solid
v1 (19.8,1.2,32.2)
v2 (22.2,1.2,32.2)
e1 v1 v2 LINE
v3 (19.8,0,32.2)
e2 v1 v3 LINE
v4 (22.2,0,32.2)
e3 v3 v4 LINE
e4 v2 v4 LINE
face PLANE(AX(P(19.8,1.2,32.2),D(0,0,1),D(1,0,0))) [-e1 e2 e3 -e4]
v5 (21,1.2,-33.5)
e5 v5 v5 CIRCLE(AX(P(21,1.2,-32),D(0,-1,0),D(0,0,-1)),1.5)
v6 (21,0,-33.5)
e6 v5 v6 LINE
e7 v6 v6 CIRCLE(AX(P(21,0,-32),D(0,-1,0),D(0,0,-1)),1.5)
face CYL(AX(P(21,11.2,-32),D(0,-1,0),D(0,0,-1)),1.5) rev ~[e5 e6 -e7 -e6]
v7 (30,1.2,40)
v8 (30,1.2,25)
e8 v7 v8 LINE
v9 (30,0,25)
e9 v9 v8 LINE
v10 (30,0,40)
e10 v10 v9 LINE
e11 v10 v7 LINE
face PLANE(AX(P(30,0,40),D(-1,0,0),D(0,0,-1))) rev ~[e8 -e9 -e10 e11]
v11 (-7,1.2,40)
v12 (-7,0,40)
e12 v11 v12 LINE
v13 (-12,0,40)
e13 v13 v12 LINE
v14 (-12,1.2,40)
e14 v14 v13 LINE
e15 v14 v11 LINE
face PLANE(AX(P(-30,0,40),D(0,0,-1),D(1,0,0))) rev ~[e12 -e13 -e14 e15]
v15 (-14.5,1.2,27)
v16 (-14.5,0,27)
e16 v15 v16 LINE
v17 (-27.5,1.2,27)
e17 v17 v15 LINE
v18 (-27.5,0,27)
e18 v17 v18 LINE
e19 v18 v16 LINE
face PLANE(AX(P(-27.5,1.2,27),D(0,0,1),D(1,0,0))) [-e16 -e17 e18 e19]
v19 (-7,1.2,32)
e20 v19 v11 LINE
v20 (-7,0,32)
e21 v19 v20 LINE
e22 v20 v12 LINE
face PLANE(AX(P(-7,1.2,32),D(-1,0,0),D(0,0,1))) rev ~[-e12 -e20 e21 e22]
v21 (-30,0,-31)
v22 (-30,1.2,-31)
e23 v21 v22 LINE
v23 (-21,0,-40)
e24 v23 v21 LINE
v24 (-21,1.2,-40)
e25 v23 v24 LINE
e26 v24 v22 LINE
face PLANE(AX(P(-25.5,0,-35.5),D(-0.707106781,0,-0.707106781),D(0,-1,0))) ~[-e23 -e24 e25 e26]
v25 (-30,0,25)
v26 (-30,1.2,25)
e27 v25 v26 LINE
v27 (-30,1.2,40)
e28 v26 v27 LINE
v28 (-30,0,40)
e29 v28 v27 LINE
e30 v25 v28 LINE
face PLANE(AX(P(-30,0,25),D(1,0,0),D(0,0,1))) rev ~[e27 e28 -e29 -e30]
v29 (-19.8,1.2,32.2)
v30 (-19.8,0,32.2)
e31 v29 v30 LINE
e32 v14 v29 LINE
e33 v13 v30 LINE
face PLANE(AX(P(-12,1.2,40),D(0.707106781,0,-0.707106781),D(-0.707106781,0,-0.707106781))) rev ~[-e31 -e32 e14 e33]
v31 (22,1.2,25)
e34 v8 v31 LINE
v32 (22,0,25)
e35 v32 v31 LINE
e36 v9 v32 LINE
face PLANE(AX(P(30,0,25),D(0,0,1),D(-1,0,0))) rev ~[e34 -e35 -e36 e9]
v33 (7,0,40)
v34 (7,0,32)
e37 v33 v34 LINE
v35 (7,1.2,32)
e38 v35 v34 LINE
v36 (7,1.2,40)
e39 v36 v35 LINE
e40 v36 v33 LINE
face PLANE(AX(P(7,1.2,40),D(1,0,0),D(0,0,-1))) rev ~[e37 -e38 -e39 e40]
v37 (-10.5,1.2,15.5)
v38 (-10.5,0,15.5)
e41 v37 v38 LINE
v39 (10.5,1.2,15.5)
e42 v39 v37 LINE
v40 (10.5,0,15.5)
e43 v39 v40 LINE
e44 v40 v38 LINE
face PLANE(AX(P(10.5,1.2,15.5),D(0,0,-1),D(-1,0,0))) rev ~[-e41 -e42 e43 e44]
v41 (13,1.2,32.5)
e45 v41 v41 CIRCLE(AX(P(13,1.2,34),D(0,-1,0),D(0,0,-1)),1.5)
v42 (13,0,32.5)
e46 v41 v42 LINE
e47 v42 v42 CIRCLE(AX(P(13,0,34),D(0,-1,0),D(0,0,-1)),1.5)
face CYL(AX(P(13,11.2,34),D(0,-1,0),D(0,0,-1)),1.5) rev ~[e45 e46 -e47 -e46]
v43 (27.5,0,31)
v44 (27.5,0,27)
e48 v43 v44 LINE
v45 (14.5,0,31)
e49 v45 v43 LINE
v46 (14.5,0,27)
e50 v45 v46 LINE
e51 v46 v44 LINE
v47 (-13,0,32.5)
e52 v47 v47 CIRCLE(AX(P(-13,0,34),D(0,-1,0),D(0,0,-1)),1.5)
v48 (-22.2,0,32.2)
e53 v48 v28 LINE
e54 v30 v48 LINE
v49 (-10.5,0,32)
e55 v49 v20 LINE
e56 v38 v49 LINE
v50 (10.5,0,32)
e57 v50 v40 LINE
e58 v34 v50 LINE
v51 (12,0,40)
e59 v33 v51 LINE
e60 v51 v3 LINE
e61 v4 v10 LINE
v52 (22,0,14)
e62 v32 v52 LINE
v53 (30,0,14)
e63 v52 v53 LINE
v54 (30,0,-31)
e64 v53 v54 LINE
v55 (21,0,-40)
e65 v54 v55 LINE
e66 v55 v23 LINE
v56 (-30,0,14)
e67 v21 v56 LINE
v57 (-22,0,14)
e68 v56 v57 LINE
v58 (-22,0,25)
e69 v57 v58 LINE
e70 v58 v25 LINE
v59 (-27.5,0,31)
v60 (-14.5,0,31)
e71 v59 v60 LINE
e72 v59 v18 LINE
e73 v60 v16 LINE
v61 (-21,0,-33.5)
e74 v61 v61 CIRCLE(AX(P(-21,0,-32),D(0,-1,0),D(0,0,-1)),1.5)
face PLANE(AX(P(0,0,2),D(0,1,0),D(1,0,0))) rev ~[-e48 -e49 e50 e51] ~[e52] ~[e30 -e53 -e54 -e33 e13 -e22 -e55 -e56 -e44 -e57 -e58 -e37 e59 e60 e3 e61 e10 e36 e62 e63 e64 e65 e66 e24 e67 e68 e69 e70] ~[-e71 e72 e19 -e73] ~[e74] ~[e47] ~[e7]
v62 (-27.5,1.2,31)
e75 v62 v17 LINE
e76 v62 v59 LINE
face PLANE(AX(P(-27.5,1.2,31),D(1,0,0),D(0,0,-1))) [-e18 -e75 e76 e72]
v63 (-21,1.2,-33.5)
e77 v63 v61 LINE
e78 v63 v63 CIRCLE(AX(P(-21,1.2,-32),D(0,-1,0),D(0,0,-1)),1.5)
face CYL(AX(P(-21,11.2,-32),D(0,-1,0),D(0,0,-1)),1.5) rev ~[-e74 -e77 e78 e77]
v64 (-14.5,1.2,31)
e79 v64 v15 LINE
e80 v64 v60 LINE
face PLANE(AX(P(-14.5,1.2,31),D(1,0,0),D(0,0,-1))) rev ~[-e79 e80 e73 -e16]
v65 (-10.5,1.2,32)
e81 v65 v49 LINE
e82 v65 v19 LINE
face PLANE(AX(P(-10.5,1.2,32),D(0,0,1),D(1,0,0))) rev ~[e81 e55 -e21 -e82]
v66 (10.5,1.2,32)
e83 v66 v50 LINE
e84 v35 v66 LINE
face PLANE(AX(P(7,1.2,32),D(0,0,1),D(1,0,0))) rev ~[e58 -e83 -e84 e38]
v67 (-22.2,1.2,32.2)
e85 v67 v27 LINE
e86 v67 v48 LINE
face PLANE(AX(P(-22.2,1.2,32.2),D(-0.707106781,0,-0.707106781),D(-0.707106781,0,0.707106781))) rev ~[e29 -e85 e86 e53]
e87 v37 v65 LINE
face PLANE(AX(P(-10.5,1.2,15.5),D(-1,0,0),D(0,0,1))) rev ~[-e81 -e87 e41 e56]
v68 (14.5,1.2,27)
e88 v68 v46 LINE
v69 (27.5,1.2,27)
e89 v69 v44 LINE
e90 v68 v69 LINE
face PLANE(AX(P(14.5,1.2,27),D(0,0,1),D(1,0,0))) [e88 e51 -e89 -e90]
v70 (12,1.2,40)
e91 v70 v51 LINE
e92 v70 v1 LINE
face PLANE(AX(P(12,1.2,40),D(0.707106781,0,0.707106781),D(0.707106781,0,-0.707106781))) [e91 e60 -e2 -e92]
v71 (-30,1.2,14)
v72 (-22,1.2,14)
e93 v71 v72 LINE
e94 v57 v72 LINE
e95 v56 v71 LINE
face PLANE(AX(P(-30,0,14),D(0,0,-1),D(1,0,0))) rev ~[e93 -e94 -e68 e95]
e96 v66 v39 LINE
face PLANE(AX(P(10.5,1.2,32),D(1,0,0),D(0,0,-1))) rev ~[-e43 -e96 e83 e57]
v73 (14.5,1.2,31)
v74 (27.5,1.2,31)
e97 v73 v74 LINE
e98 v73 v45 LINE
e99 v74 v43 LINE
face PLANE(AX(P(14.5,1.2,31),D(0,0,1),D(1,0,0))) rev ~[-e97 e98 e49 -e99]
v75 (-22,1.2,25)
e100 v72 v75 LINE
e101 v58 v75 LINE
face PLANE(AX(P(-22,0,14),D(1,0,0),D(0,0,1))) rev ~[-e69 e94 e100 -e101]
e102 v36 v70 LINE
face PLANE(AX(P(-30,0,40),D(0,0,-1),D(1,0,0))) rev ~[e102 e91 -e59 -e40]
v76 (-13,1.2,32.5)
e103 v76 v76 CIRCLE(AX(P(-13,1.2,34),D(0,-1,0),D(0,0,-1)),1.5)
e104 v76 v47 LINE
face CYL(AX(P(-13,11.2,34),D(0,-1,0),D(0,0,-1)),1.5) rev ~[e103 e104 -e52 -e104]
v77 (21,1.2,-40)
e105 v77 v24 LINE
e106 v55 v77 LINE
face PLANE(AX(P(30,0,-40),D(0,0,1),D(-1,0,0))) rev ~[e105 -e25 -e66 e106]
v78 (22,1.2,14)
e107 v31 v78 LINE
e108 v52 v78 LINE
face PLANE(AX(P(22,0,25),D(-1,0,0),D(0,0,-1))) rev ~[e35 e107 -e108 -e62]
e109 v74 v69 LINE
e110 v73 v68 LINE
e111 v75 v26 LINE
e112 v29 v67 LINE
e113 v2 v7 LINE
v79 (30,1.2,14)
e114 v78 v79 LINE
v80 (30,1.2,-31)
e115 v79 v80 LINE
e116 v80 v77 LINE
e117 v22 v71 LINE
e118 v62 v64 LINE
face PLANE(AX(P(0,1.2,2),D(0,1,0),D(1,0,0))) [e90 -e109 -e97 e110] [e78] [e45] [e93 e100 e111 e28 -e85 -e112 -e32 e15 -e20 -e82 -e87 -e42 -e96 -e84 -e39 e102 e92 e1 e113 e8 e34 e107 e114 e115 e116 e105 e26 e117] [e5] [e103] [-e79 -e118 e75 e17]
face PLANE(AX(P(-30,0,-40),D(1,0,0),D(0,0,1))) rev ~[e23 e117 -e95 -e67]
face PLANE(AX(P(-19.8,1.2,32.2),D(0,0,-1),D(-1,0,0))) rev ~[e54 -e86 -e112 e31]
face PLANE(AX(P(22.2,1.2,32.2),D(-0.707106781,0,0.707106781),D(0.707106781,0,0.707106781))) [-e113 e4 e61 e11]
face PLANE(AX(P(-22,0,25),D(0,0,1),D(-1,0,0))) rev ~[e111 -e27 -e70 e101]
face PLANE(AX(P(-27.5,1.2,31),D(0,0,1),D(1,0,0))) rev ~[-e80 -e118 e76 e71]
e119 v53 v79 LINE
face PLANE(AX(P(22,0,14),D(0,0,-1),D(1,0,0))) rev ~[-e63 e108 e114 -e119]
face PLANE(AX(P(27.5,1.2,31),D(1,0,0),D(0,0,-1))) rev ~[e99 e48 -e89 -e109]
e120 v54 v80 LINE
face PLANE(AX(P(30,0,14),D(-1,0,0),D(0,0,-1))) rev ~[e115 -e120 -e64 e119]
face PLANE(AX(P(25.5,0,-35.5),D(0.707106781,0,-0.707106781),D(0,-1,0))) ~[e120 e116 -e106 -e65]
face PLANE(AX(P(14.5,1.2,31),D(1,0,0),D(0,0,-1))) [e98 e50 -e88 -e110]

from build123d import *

# Parameters (mm, degrees)
EXTRUDE1_DEPTH               = 1.2
CHAMFER1_SIZE                = 9
F_3_0_3_DIAMETER_HOLE1_D     = 3
F_3_0_3_DIAMETER_HOLE1_DEPTH = 10
F_3_0_3_DIAMETER_HOLE1_TIP   = 0.901290929
CUT_EXTRUDE1_DEPTH           = 10
SKETCH5_W                    = 13
SKETCH5_H                    = 4
CUT_EXTRUDE2_DEPTH           = 10
CUT_EXTRUDE3_DEPTH           = 10


with BuildPart() as part:
    # Sketch1 → Extrude1 (new body)
    with BuildSketch(Plane(origin=(0, 0, 0), x_dir=(1, 0, 0), z_dir=(0, 1, 0))):
        Polygon((-30, -25), (-30, -40), (30, -40), (30, -25), (22, -25), (22, -14), (30, -14), (30, 40), (-30, 40), (-30, -14), (-22, -14), (-22, -25), align=None)
    extrude(amount=EXTRUDE1_DEPTH)

    # Chamfer1
    chamfer1_edges = [part.edges().sort_by_distance(p)[0] for p in [
        (-30, 0.6, -40),
        (30, 0.6, -40),
    ]]
    chamfer(chamfer1_edges, length=CHAMFER1_SIZE)

    # Ø3.0 (3) Diameter Hole1
    with Locations(Plane(origin=(-13, 1.2, 34), x_dir=(0, 0, 1), z_dir=(0, 1, 0))):
        with Locations((0, 0), (0, 26), (-66, 34), (-66, -8)):
            Hole(F_3_0_3_DIAMETER_HOLE1_D / 2, depth=F_3_0_3_DIAMETER_HOLE1_DEPTH)
            with Locations((0, 0, -(F_3_0_3_DIAMETER_HOLE1_DEPTH + F_3_0_3_DIAMETER_HOLE1_TIP / 2))):  # 118° drill point
                Cone(0, F_3_0_3_DIAMETER_HOLE1_D / 2, F_3_0_3_DIAMETER_HOLE1_TIP, mode=Mode.SUBTRACT)

    # Sketch4 → Cut-Extrude1 (cut)
    with BuildSketch(Plane(origin=(0, 1.2, 0), x_dir=(1, 0, 0), z_dir=(0, 1, 0))):
        Polygon((-10.5, -32), (-7, -32), (-7, -40), (7, -40), (7, -32), (10.5, -32), (10.5, -15.5), (-10.5, -15.5), align=None)
    extrude(amount=-CUT_EXTRUDE1_DEPTH, mode=Mode.SUBTRACT)

    # Sketch5 → Cut-Extrude2 (cut)
    with BuildSketch(Plane(origin=(0, 1.2, 0), x_dir=(1, 0, 0), z_dir=(0, 1, 0))):
        with Locations((21, -29)):
            Rectangle(SKETCH5_W, SKETCH5_H)
        with Locations((-21, -29)):
            Rectangle(SKETCH5_W, SKETCH5_H)
    extrude(amount=-CUT_EXTRUDE2_DEPTH, mode=Mode.SUBTRACT)

    # Sketch6 → Cut-Extrude3 (cut)
    with BuildSketch(Plane(origin=(0, 1.2, 0), x_dir=(1, 0, 0), z_dir=(0, 1, 0))):
        Polygon((12, -40), (19.8, -32.2), (22.2, -32.2), (30, -40), align=None)
        Polygon((-30, -40), (-12, -40), (-19.8, -32.2), (-22.2, -32.2), align=None)
    extrude(amount=-CUT_EXTRUDE3_DEPTH, mode=Mode.SUBTRACT)


solid = part.part
